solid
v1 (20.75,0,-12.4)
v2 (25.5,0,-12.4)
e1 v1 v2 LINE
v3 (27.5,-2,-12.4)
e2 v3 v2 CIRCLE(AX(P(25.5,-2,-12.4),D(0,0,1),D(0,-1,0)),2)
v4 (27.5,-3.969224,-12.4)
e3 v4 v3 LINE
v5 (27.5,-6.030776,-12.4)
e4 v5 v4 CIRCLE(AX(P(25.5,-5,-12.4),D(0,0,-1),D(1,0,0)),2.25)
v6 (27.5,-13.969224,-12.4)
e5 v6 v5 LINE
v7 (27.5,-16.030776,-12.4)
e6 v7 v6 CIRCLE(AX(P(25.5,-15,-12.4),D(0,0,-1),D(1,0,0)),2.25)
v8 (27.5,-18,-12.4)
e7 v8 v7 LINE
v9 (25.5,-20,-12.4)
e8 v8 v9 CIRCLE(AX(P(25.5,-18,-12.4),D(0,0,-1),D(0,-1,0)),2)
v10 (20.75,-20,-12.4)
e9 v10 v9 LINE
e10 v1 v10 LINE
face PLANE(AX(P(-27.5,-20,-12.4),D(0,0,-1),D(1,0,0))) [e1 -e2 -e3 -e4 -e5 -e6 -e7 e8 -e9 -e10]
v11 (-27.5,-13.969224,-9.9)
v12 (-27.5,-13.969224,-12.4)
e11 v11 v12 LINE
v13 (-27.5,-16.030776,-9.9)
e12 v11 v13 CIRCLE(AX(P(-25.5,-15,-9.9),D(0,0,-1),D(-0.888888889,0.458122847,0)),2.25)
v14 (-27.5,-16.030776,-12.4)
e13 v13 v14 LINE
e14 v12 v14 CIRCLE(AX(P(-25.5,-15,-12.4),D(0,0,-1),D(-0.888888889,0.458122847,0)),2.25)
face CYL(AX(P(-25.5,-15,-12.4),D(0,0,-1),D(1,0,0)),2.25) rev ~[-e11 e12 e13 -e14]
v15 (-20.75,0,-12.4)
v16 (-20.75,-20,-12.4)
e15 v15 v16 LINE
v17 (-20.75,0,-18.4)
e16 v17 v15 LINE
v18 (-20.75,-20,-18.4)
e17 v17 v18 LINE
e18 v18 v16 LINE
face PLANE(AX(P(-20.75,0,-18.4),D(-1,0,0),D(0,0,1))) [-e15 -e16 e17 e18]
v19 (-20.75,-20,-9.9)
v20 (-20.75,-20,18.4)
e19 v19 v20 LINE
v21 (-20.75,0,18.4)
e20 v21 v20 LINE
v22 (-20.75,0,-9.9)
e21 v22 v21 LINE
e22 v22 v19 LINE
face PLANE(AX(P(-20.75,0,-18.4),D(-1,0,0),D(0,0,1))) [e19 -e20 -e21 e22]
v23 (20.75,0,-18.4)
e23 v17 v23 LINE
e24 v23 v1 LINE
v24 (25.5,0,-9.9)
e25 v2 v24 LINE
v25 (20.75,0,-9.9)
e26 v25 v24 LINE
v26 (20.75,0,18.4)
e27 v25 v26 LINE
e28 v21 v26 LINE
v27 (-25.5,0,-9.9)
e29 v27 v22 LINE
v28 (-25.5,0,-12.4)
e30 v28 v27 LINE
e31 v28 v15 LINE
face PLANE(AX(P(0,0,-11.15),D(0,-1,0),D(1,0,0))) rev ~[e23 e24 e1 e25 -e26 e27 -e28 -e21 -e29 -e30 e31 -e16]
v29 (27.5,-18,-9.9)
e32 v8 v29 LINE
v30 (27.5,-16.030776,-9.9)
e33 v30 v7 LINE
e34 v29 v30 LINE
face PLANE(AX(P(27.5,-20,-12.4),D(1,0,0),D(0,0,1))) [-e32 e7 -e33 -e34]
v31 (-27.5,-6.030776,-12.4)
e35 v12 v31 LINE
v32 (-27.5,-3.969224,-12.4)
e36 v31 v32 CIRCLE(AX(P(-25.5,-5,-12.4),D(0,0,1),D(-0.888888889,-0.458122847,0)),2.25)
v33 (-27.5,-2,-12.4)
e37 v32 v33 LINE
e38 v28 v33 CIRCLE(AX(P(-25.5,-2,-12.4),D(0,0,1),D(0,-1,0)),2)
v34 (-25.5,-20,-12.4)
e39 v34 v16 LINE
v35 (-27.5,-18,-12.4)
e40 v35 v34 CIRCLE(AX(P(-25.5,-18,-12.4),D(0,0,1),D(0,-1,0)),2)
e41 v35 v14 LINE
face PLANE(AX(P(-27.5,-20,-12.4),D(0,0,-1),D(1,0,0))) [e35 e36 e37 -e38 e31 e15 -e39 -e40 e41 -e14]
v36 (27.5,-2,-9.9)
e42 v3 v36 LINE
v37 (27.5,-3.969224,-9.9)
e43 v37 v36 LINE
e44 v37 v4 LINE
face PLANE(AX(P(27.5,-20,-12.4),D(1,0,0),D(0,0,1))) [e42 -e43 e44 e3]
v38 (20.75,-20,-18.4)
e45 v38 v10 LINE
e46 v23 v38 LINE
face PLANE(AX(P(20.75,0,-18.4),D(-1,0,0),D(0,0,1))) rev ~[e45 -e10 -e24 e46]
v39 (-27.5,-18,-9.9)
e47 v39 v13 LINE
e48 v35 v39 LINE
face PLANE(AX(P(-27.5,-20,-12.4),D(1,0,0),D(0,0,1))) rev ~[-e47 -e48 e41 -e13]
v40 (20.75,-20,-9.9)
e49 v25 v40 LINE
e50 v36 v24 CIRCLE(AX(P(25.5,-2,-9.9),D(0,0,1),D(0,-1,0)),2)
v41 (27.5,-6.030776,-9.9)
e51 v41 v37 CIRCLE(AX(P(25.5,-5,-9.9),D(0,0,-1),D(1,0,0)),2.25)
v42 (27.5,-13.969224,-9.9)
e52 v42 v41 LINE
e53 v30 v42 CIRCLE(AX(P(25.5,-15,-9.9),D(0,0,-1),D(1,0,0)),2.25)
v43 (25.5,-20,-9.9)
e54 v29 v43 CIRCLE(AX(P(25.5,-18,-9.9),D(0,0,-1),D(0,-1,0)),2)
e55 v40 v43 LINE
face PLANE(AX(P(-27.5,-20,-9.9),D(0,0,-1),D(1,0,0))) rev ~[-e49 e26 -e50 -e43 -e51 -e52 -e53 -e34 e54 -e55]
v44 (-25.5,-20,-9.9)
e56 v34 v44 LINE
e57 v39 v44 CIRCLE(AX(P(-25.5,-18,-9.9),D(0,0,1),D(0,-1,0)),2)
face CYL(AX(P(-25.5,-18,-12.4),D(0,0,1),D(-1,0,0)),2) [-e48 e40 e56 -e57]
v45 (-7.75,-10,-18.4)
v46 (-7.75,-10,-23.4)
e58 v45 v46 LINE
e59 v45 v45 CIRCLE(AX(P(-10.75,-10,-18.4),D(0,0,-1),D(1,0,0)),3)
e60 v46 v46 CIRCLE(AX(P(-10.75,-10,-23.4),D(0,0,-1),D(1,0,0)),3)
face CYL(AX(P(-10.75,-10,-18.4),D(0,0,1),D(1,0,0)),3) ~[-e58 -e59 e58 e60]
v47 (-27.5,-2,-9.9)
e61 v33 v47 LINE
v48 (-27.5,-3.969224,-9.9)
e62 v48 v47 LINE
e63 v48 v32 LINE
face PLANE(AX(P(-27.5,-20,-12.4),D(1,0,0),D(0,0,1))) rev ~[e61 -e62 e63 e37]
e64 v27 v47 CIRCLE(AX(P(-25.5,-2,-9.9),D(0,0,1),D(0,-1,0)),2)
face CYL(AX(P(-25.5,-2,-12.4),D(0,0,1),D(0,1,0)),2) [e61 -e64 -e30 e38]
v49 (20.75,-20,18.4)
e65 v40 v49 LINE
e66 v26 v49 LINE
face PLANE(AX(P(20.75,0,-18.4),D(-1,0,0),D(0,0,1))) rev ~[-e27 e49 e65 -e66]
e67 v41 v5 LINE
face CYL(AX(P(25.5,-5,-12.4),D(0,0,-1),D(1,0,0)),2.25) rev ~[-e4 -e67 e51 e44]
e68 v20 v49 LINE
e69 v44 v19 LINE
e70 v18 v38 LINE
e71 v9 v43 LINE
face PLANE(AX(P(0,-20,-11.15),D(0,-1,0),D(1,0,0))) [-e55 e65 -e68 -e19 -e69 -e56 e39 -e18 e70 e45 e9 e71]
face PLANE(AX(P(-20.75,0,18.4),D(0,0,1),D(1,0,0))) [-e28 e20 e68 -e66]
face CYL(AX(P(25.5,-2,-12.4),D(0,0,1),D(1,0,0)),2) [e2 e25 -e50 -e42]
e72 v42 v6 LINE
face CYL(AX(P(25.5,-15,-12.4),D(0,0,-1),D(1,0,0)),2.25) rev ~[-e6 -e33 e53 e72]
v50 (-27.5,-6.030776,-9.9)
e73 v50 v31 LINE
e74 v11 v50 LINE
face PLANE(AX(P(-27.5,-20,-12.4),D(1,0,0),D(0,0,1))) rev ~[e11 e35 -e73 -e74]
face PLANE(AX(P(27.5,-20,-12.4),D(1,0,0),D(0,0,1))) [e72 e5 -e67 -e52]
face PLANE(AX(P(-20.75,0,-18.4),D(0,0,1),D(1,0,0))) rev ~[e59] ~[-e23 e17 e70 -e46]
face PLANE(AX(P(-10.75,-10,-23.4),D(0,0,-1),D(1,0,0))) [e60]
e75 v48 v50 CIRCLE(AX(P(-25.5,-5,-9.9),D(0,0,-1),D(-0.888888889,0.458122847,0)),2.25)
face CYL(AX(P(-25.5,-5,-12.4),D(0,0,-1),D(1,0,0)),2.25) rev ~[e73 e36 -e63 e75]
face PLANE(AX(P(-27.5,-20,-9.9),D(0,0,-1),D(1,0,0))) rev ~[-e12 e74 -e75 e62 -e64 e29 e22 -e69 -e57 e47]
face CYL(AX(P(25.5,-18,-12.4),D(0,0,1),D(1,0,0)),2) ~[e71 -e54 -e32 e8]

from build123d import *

# Parameters (mm, degrees)
F0_W     = 41.5
F0_H     = 36.8
F1_DEPTH = 20
F2_W     = 55
F2_H     = 2.5
F3_DEPTH = 20
F4_R     = 3
F5_DEPTH = 5
F6_R     = 2.25
F7_DEPTH = 25
F8_R     = 2


with BuildPart() as f1:
    # F0 (on Front) → F1 (new body)
    with BuildSketch(Plane.XZ):
        Rectangle(F0_W, F0_H)
    extrude(amount=F1_DEPTH)

    # F2 (on face) → F3 (join)
    with BuildSketch(Plane.XZ.offset(20)):
        with Locations((0, -11.15)):
            Rectangle(F2_W, F2_H)
    extrude(amount=-F3_DEPTH)

    # F4 (on face) → F5 (join)
    with BuildSketch(Plane(origin=(0, 0, -18.4), x_dir=(1, 0, 0), z_dir=(0, 0, -1))):
        with Locations((-10.75, 10)):
            Circle(F4_R)
    extrude(amount=F5_DEPTH)

    # F6 (on face) → F7 (cut)
    with BuildSketch(Plane(origin=(0, 0, -12.4), x_dir=(1, 0, 0), z_dir=(0, 0, -1))):
        with Locations((-25.5, 15)):
            Circle(F6_R)
        with Locations((-25.5, 5)):
            Circle(F6_R)
        with Locations((25.5, 15)):
            Circle(F6_R)
        with Locations((25.5, 5)):
            Circle(F6_R)
    extrude(amount=-F7_DEPTH, mode=Mode.SUBTRACT)

    # F8
    f8_edges = [f1.edges().sort_by_distance(p)[0] for p in [
        (27.5, -20, -11.15),
        (27.5, 0, -11.15),
        (-27.5, -20, -11.15),
        (-27.5, 0, -11.15),
    ]]
    fillet(f8_edges, radius=F8_R)


solid = f1.part
